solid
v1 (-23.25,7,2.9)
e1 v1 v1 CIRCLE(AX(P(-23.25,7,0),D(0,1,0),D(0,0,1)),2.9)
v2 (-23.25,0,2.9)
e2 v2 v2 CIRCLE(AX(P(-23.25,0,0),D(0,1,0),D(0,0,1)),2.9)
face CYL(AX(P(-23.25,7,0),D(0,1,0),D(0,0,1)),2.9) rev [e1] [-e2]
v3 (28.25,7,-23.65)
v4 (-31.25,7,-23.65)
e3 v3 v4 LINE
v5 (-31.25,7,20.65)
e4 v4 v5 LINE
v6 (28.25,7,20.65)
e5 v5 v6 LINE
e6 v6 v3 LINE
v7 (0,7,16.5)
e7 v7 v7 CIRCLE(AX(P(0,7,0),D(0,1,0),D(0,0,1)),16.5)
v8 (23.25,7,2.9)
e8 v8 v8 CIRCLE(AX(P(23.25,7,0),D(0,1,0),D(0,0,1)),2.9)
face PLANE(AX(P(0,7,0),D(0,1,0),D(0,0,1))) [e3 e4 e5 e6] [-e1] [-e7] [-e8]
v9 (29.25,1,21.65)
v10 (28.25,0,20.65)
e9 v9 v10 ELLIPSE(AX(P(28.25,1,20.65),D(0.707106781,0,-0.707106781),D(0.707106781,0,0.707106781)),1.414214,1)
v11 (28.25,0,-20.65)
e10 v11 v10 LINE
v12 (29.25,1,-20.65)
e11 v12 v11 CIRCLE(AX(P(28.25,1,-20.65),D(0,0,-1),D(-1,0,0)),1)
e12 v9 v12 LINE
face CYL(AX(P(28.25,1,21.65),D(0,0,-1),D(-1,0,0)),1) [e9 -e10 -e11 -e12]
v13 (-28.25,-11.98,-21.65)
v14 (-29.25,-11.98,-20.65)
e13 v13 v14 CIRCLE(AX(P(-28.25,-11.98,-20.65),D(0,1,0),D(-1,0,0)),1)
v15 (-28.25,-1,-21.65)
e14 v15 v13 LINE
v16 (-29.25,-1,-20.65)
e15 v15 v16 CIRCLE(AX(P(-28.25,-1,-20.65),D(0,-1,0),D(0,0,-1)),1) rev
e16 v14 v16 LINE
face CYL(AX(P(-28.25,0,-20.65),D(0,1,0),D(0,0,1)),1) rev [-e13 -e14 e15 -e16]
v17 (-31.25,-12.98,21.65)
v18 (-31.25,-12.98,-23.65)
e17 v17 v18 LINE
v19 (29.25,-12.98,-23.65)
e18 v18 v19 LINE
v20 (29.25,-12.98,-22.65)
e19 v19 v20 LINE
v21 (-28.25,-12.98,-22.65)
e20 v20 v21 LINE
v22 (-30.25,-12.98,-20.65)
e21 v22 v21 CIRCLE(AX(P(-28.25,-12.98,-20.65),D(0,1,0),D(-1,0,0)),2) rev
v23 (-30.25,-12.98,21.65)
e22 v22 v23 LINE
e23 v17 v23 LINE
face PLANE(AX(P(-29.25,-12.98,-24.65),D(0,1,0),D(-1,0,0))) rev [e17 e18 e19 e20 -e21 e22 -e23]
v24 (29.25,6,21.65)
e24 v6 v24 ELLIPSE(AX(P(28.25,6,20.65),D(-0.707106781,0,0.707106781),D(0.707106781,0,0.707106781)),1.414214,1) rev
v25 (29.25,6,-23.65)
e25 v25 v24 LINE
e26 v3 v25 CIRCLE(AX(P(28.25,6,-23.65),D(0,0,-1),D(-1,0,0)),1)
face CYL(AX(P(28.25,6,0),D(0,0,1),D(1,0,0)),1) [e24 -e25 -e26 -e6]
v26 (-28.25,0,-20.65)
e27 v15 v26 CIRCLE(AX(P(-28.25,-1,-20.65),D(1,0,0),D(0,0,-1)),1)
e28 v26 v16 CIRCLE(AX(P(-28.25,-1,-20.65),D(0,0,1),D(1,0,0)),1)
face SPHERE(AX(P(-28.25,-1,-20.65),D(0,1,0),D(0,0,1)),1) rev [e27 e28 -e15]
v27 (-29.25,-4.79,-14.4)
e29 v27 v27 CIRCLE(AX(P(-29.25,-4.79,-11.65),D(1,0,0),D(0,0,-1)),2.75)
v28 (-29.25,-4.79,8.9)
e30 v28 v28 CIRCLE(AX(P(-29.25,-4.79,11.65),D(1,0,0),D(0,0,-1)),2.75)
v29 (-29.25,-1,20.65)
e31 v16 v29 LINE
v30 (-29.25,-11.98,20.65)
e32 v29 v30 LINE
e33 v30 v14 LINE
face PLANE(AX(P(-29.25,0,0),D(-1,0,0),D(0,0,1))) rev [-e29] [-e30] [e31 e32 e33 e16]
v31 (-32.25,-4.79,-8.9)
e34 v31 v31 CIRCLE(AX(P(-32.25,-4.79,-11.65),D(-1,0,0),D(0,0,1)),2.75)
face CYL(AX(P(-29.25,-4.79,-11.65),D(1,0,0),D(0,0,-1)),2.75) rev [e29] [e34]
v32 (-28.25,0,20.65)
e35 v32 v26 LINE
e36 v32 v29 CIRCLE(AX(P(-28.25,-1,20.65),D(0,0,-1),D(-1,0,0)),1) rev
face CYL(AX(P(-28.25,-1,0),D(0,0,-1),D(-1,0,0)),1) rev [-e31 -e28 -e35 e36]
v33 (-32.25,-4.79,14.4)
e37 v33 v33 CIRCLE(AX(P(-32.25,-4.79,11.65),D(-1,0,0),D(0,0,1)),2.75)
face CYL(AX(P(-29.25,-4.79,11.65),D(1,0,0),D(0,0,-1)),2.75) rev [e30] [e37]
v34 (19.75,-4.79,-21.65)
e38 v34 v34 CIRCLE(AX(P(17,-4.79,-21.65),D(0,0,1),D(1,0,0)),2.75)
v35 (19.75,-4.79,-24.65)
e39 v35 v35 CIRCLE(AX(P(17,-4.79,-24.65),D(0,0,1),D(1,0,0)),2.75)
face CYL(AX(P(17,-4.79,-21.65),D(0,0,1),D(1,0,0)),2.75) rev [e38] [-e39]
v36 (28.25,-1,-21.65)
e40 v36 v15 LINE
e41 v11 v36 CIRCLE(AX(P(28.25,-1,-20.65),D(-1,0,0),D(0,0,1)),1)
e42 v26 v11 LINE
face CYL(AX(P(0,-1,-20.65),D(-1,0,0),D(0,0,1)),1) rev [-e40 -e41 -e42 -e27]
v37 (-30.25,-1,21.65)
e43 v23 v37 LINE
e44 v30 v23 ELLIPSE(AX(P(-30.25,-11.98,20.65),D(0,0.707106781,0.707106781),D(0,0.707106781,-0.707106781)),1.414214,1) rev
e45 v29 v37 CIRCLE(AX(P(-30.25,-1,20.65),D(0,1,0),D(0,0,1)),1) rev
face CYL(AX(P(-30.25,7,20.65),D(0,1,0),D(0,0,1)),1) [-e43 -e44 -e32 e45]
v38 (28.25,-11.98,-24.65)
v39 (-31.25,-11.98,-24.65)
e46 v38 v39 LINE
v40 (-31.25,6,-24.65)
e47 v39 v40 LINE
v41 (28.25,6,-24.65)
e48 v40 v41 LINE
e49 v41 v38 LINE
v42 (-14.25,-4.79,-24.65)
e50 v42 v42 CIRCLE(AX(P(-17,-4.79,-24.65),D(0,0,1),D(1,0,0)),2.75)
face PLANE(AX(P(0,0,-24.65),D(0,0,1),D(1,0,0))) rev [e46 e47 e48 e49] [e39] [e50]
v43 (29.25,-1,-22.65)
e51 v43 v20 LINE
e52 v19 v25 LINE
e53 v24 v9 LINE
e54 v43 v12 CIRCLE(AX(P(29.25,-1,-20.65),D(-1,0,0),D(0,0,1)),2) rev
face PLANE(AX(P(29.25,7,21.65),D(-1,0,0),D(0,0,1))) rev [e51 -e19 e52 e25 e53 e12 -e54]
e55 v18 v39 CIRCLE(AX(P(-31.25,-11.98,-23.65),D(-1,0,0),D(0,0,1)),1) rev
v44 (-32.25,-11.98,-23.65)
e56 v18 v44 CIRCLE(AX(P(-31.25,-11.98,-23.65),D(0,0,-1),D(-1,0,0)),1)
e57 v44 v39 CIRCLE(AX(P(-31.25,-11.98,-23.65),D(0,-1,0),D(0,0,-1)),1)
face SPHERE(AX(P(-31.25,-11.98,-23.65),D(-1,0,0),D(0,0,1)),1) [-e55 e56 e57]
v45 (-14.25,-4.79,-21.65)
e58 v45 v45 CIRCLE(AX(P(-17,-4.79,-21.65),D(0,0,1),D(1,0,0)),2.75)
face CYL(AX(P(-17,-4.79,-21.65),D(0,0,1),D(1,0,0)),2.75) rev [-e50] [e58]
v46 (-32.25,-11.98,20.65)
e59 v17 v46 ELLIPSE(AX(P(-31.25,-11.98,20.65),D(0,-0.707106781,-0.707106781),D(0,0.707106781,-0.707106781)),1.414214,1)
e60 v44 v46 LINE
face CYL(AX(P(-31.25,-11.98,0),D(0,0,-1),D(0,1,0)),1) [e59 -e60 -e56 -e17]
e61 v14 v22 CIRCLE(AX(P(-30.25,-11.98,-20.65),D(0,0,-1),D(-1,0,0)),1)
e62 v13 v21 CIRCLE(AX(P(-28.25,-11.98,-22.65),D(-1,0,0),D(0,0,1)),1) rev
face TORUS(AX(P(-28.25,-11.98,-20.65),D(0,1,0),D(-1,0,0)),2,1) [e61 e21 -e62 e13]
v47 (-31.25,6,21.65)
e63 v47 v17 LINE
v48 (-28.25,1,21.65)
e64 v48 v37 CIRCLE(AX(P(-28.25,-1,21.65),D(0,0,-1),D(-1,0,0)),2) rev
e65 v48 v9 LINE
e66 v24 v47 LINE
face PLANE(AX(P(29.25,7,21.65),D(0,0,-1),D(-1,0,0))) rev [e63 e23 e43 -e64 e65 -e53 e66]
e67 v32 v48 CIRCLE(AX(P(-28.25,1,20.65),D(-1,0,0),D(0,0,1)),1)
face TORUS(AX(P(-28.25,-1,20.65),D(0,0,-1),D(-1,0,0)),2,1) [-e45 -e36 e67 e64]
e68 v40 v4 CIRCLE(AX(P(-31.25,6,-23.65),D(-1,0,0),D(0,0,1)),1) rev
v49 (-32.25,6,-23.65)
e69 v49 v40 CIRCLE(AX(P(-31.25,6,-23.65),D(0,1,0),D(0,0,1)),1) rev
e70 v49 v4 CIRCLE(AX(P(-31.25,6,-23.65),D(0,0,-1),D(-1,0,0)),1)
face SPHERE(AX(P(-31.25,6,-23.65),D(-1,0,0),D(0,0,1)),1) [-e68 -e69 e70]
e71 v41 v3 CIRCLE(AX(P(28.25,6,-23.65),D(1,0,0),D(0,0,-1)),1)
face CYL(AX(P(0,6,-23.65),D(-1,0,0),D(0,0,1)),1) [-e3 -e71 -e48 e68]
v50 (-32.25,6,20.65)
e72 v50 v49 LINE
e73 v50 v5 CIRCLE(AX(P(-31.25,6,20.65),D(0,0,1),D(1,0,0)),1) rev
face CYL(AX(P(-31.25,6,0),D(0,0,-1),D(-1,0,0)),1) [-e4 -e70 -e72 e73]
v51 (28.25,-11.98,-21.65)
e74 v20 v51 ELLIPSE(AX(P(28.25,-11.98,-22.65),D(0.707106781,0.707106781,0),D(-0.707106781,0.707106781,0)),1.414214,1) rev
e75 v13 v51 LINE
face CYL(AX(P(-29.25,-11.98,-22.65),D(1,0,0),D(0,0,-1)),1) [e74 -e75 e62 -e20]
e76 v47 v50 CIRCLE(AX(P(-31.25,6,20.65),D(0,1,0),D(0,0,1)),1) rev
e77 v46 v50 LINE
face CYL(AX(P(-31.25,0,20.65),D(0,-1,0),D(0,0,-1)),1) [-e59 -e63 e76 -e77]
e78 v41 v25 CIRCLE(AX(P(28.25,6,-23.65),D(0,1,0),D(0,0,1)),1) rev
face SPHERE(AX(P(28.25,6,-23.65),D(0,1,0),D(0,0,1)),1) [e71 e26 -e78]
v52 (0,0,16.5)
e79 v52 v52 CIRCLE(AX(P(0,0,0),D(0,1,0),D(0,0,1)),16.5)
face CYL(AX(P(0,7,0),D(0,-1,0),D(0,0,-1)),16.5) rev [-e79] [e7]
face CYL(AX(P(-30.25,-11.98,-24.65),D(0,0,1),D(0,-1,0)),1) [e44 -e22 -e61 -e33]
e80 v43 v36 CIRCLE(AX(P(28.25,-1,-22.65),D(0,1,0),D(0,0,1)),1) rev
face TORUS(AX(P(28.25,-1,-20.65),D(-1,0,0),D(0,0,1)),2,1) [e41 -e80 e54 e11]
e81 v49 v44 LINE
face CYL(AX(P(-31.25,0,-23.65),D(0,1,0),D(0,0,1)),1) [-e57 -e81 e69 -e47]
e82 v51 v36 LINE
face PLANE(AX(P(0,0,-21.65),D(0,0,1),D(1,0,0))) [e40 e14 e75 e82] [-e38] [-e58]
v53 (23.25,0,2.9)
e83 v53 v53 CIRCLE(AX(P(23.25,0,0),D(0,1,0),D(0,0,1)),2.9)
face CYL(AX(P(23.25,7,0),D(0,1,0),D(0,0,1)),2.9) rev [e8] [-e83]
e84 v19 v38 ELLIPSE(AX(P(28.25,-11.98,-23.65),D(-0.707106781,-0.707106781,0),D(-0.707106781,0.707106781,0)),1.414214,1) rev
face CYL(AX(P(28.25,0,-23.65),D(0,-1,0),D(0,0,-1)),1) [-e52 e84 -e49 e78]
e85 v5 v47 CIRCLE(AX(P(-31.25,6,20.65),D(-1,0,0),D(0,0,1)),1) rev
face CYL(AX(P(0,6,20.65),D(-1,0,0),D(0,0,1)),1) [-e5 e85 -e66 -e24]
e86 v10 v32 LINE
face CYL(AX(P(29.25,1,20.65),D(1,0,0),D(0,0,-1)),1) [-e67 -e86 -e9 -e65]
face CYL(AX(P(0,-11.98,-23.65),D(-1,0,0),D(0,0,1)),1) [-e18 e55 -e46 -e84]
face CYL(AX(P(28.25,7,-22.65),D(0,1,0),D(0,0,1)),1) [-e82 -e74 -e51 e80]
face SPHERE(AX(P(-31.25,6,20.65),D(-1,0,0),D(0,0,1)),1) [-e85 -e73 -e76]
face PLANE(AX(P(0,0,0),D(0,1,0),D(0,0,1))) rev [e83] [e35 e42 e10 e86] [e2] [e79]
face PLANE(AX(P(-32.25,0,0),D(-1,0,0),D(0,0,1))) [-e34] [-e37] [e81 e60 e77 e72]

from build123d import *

# Parameters (mm, degrees)
SKETCH1_W                = 58.5
SKETCH1_H                = 43.3
SKETCH1_R                = 16.5
BOSS_EXTRUDE1_DEPTH      = 7
M5_CLEARANCE_HOLE1_D     = 5.8
M5_CLEARANCE_HOLE1_DEPTH = 7
SKETCH5_W                = 58.5
SKETCH5_H                = 19.98
BOSS_EXTRUDE2_DEPTH      = 3
SKETCH6_W                = 46.3
SKETCH6_H                = 19.98
BOSS_EXTRUDE3_DEPTH      = 3
M5_CLEARANCE_HOLE2_D     = 5.5
M5_CLEARANCE_HOLE2_DEPTH = 3
M5_CLEARANCE_HOLE3_D     = 5.5
M5_CLEARANCE_HOLE3_DEPTH = 3
FILLET1_R                = 1
FILLET2_R                = 1


with BuildPart() as part:
    # Sketch1 → Boss-Extrude1 (new body)
    with BuildSketch(Plane(origin=(0, 0, 0), x_dir=(1, 0, 0), z_dir=(0, 1, 0))):
        Rectangle(SKETCH1_W, SKETCH1_H)
        Circle(SKETCH1_R, mode=Mode.SUBTRACT)
    extrude(amount=BOSS_EXTRUDE1_DEPTH)

    # M5 Clearance Hole1
    with Locations(Plane(origin=(0, 7, 0), x_dir=(1, 0, 0), z_dir=(0, 1, 0))):
        with Locations((-23.25, 0), (23.25, 0)):
            Hole(M5_CLEARANCE_HOLE1_D / 2, depth=M5_CLEARANCE_HOLE1_DEPTH)

    # Sketch5 → Boss-Extrude2 (add)
    with BuildSketch(Plane(origin=(0, 0, -21.65), x_dir=(-1, 0, 0), z_dir=(0, 0, -1))):
        with Locations((0, -2.99)):
            Rectangle(SKETCH5_W, SKETCH5_H)
    extrude(amount=BOSS_EXTRUDE2_DEPTH)

    # Sketch6 → Boss-Extrude3 (add)
    with BuildSketch(Plane.ZY.offset(29.25)):
        with Locations((-1.5, -2.99)):
            Rectangle(SKETCH6_W, SKETCH6_H)
    extrude(amount=BOSS_EXTRUDE3_DEPTH)

    # M5 Clearance Hole2
    with Locations(Plane.XY.offset(-21.65)):
        with Locations((-17, -4.79), (17, -4.79)):
            Hole(M5_CLEARANCE_HOLE2_D / 2, depth=M5_CLEARANCE_HOLE2_DEPTH)

    # M5 Clearance Hole3
    with Locations(Plane(origin=(-29.25, 0, 0), x_dir=(0, 0, -1), z_dir=(1, 0, 0))):
        with Locations((-11.65, -4.79), (11.65, -4.79)):
            Hole(M5_CLEARANCE_HOLE3_D / 2, depth=M5_CLEARANCE_HOLE3_DEPTH)

    # Fillet1
    fillet1_edges = [part.edges().sort_by_distance(p)[0] for p in [
        (-29.25, -6.49, -21.65),
        (29.25, -6.49, -21.65),
        (0, -12.98, -21.65),
        (-29.25, -12.98, 0),
        (-29.25, -6.49, 21.65),
        (0, 0, -21.65),
        (29.25, 0, 0),
        (0, 0, 21.65),
        (-29.25, 0, 0),
    ]]
    fillet(fillet1_edges, radius=FILLET1_R)

    # Fillet2
    fillet2_edges = [part.edges().sort_by_distance(p)[0] for p in [
        (29.25, 7, -1.5),
        (-1.5, 7, -24.65),
        (29.25, -2.99, -24.65),
        (-1.5, -12.98, -24.65),
        (-32.25, -2.99, -24.65),
        (-32.25, -12.98, -1.5),
        (-32.25, -2.99, 21.65),
        (-32.25, 7, -1.5),
        (-1.5, 7, 21.65),
    ]]
    fillet(fillet2_edges, radius=FILLET2_R)


solid = part.part
